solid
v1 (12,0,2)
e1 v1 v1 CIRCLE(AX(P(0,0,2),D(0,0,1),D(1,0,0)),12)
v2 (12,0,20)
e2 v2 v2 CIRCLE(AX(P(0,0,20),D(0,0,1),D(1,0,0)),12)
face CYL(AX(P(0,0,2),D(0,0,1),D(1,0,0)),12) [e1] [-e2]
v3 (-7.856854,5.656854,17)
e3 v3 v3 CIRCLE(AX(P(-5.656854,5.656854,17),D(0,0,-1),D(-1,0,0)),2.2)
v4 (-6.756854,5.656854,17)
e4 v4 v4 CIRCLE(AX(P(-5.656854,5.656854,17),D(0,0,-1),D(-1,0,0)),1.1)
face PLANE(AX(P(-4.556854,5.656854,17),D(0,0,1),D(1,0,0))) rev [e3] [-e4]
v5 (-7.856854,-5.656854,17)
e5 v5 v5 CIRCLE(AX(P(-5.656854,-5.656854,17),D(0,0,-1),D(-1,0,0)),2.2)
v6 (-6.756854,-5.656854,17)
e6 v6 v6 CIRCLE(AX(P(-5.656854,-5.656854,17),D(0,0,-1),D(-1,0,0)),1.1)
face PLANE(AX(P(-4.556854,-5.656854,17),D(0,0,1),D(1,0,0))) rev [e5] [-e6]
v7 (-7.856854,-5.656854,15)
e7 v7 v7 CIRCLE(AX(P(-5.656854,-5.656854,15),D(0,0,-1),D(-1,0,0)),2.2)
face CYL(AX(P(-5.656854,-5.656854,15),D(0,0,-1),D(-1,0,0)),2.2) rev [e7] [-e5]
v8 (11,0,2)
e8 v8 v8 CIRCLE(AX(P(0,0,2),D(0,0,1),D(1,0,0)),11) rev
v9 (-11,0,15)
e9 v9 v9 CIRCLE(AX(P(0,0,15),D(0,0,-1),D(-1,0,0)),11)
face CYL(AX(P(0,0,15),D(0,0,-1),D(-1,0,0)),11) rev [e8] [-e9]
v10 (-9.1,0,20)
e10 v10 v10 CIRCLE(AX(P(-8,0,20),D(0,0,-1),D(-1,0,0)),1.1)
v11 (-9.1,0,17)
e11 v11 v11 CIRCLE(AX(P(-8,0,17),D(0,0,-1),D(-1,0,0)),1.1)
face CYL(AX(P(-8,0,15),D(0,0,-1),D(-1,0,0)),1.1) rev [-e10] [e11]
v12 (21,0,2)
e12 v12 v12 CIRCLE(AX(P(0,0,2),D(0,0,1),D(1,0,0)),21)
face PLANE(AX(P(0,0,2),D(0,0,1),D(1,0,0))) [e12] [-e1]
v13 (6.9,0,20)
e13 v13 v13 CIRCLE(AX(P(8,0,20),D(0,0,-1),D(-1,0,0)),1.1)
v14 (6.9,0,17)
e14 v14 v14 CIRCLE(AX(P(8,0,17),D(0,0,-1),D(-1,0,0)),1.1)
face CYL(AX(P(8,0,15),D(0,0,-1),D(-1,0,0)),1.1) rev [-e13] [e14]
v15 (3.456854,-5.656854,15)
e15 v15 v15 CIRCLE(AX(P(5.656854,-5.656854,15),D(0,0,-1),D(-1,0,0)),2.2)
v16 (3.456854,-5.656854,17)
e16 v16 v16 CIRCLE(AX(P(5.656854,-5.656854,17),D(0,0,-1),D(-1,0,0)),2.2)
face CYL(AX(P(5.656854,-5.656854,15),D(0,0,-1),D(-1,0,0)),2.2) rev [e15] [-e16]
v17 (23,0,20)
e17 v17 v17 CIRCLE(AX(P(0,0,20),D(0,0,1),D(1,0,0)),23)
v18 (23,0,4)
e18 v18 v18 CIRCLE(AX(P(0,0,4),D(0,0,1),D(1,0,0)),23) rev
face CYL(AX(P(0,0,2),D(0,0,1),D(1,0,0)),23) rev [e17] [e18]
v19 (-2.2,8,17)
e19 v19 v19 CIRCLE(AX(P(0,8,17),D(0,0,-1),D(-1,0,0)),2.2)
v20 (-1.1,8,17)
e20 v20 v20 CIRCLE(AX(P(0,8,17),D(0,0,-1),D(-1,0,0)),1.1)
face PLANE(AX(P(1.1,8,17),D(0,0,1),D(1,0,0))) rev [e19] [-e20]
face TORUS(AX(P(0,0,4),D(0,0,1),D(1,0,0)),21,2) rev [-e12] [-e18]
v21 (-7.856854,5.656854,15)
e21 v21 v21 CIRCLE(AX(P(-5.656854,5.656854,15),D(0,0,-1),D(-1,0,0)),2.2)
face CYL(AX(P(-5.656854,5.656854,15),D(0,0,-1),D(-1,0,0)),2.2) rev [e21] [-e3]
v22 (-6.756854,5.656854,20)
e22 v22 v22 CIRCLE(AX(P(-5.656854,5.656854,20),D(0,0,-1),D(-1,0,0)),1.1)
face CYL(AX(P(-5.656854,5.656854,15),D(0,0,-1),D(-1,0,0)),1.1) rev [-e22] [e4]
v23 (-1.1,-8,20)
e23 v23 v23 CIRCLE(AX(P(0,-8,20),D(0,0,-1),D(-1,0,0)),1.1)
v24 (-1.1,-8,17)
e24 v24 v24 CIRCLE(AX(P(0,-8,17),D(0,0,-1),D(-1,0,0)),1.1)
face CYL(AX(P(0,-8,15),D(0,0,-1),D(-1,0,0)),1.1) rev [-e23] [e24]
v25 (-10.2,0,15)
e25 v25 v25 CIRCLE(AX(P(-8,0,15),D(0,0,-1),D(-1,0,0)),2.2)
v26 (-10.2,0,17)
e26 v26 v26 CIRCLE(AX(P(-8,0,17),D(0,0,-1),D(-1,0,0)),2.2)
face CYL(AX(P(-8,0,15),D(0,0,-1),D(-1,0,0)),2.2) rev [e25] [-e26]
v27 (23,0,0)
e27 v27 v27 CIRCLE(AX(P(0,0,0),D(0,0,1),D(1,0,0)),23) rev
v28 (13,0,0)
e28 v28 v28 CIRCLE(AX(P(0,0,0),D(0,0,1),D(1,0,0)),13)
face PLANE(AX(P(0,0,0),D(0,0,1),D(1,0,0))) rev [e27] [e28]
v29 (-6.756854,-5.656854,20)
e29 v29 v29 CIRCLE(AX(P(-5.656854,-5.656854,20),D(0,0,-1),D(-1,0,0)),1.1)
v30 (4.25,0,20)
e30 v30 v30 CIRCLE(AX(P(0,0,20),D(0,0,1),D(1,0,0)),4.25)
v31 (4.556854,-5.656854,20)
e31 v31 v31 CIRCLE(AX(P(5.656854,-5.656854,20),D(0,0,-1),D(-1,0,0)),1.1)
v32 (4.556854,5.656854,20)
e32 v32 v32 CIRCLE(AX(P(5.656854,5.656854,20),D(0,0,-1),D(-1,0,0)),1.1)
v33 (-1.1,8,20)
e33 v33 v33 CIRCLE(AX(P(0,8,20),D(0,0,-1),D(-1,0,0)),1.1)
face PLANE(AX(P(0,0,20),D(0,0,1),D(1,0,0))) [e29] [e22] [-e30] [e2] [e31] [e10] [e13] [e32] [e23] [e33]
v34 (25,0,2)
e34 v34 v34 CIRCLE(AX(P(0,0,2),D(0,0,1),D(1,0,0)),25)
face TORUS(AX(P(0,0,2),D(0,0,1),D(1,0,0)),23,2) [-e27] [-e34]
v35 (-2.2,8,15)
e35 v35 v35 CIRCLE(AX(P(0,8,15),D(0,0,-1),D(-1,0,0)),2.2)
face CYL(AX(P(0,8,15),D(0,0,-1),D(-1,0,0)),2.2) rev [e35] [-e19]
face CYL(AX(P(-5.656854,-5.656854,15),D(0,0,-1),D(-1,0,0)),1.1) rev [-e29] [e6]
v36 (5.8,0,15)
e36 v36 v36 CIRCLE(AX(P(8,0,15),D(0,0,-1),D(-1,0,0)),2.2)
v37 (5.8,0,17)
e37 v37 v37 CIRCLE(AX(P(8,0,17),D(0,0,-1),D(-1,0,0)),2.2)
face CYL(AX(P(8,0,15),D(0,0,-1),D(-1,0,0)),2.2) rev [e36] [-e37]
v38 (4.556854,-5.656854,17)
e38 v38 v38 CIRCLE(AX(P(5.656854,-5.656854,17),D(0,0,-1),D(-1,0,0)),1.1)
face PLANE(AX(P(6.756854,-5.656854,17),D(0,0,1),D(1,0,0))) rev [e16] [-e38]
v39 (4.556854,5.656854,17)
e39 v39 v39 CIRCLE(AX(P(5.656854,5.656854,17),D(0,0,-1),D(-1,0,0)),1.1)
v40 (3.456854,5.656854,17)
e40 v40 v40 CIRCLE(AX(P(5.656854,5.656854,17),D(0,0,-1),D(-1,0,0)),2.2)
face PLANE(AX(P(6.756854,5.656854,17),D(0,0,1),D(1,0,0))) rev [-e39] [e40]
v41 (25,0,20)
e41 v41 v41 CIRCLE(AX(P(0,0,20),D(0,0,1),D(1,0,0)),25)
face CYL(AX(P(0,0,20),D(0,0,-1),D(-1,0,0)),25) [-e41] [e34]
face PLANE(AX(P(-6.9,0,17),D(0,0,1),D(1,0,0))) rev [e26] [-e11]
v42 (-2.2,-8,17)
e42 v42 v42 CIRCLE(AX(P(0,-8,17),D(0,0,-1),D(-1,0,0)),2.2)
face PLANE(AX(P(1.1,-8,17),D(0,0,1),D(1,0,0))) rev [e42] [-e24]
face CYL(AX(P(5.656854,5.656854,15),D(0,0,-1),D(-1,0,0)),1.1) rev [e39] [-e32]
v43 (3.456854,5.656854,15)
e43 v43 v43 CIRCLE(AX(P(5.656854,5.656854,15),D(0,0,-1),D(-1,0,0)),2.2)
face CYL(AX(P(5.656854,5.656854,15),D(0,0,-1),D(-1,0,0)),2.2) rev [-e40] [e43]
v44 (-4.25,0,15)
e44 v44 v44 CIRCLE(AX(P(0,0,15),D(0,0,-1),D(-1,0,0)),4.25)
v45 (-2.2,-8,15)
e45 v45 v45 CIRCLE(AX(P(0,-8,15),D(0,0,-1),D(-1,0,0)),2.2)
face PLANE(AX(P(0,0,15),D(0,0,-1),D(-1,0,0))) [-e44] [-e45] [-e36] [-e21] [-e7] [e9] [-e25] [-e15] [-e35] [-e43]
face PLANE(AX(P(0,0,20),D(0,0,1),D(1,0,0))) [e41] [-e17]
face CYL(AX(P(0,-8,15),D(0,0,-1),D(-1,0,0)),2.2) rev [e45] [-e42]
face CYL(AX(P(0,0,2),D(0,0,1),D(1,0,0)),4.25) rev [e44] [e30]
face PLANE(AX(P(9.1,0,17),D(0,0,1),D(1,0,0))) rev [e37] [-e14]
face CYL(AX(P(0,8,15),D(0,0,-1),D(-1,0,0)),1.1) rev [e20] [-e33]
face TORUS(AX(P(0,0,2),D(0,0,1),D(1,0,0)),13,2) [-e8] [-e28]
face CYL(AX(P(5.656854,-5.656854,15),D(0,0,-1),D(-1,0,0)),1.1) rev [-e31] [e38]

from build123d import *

# Parameters (mm, degrees)
SKETCH1_R                      = 25
BOSS_EXTRUDE1_DEPTH            = 20
SKETCH4_R                      = 11
CUT_EXTRUDE1_DEPTH             = 15
CBORE_FOR_M2_SHCS2_D           = 2.2
CBORE_FOR_M2_SHCS2_CBORE_D     = 4.4
CBORE_FOR_M2_SHCS2_CBORE_DEPTH = 2
SKETCH7_R                      = 23
SKETCH7_R_2                    = 12
CUT_EXTRUDE2_DEPTH             = 18
FILLET1_R                      = 2
SKETCH8_R                      = 4.25
CUT_EXTRUDE3_DEPTH             = 18


with BuildPart() as part:
    # Sketch1 → Boss-Extrude1 (new body)
    with BuildSketch(Plane.XY):
        Circle(SKETCH1_R)
    extrude(amount=BOSS_EXTRUDE1_DEPTH)

    # Sketch4 → Cut-Extrude1 (cut)
    with BuildSketch(Plane(origin=(0, 0, 0), x_dir=(-1, 0, 0), z_dir=(0, 0, -1))):
        Circle(SKETCH4_R)
    extrude(amount=-CUT_EXTRUDE1_DEPTH, mode=Mode.SUBTRACT)

    # CBORE for M2 SHCS2 (through all)
    with Locations(Plane(origin=(0, 0, 15), x_dir=(-1, 0, 0), z_dir=(0, 0, -1))):
        with Locations((0, 8), (5.656854249, 5.656854249), (8, 0), (5.656854249, -5.656854249), (0, -8), (-5.656854249, -5.656854249), (-8, 0), (-5.656854249, 5.656854249)):
            CounterBoreHole(CBORE_FOR_M2_SHCS2_D / 2, CBORE_FOR_M2_SHCS2_CBORE_D / 2, CBORE_FOR_M2_SHCS2_CBORE_DEPTH)

    # Sketch7 → Cut-Extrude2 (cut)
    with BuildSketch(Plane.XY.offset(20)):
        Circle(SKETCH7_R)
        Circle(SKETCH7_R_2, mode=Mode.SUBTRACT)
    extrude(amount=-CUT_EXTRUDE2_DEPTH, mode=Mode.SUBTRACT)

    # Fillet1
    fillet1_edges = [part.edges().sort_by_distance(p)[0] for p in [
        (-25, 0, 0),
        (11, 0, 0),
        (-23, 0, 2),
    ]]
    fillet(fillet1_edges, radius=FILLET1_R)

    # Sketch8 → Cut-Extrude3 (cut)
    with BuildSketch(Plane.XY.offset(20)):
        Circle(SKETCH8_R)
    extrude(amount=-CUT_EXTRUDE3_DEPTH, mode=Mode.SUBTRACT)


solid = part.part
